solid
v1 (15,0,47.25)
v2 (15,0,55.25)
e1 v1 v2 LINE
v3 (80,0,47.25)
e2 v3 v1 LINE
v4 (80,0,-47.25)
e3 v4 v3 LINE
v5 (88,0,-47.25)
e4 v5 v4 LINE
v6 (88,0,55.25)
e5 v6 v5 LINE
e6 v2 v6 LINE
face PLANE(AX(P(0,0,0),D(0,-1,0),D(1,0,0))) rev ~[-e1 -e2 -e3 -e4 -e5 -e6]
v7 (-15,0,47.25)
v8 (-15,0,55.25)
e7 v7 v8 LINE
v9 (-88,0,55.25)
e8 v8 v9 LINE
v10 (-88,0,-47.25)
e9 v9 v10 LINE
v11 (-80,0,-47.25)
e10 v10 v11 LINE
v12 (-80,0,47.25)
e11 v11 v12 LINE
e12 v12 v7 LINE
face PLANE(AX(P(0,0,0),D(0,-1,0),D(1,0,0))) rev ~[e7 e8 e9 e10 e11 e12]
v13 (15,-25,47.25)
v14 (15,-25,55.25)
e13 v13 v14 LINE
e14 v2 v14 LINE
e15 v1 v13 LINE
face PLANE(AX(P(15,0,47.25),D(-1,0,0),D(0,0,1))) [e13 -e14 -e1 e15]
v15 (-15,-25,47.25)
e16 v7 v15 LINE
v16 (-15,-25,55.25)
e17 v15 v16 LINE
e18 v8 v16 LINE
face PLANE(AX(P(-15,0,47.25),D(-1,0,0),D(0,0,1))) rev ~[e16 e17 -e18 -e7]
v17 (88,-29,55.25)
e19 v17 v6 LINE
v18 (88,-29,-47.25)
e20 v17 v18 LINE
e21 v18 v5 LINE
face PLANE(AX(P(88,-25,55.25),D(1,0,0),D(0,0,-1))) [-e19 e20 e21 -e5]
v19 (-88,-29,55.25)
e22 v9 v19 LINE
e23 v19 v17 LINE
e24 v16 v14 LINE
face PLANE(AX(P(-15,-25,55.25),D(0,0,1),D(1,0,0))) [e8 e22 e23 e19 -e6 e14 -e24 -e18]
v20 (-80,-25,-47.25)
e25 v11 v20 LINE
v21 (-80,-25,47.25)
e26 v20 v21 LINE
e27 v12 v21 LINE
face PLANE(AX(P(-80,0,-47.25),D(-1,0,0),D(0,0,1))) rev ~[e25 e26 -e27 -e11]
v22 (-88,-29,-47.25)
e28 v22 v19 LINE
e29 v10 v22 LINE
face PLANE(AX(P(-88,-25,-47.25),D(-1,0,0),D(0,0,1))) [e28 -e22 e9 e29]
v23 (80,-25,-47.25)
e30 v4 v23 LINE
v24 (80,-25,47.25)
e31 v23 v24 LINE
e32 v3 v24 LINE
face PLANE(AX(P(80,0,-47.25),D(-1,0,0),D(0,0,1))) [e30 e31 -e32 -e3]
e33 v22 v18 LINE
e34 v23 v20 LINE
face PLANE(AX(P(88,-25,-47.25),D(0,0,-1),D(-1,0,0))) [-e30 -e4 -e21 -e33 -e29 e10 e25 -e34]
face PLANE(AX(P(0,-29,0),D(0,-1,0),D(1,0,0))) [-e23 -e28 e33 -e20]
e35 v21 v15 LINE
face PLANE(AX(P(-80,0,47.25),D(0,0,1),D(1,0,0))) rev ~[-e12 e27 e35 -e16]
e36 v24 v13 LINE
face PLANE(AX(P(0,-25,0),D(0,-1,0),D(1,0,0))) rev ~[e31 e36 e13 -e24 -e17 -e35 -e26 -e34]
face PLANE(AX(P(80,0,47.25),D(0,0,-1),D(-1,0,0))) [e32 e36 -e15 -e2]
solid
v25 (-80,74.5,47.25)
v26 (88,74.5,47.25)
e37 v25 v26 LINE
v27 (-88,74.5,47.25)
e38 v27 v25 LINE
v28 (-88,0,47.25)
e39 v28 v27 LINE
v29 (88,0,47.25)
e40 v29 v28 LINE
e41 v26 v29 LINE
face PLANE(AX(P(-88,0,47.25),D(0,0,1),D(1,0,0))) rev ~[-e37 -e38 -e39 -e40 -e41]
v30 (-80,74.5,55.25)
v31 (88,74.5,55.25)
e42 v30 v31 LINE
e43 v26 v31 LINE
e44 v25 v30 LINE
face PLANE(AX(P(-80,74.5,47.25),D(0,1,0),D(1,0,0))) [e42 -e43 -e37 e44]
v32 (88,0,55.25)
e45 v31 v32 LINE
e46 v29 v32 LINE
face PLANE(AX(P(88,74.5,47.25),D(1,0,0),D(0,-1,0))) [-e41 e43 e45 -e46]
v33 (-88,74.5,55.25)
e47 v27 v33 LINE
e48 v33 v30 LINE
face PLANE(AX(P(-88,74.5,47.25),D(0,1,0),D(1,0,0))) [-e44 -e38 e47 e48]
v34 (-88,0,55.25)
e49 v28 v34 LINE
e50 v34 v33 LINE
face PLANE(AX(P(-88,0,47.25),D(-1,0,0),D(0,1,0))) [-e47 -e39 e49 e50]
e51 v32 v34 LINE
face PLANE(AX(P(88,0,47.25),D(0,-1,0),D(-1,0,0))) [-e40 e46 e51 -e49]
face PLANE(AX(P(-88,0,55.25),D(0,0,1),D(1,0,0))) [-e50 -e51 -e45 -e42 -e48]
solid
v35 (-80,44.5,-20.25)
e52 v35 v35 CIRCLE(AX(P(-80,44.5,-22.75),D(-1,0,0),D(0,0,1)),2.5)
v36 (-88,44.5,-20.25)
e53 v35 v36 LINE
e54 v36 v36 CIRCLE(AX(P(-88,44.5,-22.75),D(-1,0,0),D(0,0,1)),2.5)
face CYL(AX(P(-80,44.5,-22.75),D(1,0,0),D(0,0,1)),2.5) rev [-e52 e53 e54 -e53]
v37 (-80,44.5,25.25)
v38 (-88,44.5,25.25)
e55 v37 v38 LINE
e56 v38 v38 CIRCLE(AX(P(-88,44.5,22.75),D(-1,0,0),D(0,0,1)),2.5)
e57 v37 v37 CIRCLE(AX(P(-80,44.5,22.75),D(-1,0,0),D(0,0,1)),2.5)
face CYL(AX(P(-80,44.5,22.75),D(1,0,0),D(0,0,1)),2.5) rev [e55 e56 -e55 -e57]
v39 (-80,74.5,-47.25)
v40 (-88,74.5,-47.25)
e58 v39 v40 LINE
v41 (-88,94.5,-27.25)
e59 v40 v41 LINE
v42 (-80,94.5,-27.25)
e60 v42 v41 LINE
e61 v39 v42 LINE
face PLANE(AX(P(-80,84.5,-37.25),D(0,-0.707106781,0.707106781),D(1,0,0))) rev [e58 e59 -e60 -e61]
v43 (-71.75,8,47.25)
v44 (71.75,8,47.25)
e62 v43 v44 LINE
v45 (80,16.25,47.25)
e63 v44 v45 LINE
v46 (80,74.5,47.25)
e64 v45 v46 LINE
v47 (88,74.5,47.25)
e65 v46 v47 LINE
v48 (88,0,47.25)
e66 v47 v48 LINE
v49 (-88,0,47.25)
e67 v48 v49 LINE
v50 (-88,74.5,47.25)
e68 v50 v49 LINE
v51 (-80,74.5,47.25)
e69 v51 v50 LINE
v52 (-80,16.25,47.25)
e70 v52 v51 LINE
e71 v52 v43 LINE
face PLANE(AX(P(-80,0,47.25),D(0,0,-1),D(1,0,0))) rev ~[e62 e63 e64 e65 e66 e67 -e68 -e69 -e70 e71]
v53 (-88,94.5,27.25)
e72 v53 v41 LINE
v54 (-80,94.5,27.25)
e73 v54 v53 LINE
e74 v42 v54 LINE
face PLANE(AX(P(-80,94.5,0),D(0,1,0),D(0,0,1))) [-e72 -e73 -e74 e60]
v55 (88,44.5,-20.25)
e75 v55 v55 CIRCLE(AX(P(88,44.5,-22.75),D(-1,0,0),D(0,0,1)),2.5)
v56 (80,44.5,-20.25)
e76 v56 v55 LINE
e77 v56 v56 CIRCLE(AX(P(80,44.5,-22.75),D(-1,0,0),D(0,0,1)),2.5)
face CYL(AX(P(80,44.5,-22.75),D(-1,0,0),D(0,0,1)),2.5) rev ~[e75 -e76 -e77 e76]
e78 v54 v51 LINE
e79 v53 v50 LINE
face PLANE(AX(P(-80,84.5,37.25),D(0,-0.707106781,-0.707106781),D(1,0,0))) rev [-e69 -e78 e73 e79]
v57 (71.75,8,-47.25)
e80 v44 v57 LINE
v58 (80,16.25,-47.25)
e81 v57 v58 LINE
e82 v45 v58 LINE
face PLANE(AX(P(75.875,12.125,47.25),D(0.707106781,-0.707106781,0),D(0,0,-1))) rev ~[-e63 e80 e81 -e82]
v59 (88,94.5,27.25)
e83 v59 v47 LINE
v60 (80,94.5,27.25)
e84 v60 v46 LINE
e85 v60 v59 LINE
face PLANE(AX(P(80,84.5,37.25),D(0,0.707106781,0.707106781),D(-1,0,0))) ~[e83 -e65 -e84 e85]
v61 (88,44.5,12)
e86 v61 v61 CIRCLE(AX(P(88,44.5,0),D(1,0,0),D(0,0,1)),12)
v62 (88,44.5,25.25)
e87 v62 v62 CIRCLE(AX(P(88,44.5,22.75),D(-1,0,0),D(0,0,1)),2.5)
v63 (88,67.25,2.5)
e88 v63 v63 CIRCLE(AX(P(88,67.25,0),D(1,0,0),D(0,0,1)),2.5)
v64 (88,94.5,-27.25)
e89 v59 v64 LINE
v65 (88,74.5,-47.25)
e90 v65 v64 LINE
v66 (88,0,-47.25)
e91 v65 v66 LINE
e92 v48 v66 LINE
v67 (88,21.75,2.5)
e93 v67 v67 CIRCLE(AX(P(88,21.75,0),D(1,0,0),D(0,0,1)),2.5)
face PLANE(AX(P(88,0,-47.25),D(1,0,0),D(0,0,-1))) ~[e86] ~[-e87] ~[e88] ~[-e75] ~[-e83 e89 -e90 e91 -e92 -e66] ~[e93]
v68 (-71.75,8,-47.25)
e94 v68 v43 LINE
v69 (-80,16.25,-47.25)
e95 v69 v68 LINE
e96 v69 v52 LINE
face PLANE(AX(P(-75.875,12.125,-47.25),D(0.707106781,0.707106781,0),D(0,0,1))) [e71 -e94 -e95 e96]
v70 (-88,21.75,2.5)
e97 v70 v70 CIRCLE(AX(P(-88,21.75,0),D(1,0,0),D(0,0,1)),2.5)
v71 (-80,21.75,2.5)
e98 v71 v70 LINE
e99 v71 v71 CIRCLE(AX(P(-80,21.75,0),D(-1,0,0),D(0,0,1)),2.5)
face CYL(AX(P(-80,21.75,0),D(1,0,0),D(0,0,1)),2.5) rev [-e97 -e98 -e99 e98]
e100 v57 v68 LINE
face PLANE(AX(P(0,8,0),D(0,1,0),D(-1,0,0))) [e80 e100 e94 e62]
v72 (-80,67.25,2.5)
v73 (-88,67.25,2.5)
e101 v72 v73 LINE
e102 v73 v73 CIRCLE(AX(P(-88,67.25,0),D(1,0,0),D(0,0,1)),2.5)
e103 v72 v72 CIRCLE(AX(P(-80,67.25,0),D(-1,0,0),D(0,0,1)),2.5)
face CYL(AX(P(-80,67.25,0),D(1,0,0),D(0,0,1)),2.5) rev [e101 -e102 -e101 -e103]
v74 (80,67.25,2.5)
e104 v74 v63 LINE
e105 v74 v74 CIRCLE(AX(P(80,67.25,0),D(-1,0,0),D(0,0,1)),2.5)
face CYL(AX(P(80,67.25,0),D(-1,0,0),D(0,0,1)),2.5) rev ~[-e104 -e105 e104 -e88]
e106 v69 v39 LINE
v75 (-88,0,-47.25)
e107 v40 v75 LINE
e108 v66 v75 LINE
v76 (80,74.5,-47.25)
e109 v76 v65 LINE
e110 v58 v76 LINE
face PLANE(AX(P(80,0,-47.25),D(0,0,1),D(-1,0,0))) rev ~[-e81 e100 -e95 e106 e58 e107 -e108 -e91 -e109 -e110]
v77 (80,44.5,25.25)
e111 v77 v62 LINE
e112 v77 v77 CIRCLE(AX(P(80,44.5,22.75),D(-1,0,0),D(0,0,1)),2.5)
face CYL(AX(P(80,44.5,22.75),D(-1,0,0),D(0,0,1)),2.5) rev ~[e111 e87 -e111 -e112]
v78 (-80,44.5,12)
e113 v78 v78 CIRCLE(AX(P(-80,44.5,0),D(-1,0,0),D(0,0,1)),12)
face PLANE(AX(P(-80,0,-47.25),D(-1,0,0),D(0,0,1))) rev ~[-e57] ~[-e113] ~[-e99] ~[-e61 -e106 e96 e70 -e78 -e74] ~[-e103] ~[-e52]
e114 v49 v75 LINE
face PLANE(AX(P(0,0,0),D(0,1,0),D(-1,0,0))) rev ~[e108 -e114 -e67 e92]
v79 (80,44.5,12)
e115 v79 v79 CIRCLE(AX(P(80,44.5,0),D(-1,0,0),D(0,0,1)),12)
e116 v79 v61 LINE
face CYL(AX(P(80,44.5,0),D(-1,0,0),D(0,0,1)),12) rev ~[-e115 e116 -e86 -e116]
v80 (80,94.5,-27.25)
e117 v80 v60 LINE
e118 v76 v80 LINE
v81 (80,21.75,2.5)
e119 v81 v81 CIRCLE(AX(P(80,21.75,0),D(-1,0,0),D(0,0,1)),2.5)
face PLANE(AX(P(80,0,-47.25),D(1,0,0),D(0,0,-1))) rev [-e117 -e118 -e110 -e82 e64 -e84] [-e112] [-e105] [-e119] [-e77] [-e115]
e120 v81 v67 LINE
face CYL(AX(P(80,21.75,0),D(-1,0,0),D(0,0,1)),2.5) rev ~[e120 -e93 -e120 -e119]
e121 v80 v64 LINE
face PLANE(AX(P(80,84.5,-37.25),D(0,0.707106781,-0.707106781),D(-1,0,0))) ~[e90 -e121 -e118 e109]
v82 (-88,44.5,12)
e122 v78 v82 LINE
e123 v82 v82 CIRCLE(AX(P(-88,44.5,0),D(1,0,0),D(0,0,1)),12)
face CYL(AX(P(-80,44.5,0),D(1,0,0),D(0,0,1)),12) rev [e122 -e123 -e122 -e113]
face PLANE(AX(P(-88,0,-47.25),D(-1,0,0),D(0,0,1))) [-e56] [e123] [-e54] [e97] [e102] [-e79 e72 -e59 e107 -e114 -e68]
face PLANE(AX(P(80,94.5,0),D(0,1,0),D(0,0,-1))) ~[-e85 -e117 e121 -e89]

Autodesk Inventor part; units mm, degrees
ref_plane "YZ Plane" through (0, 0, 0) normal (1, 0, 0) x (0, 1, 0)
ref_plane "XZ Plane" through (0, 0, 0) normal (0, 1, 0) x (-1, 0, 0)
ref_plane "XY Plane" through (0, 0, 0) normal (0, 0, 1) x (1, 0, 0)
sketch "Sketch1" plane through (0, 0, 0) normal (0, 1, 0) x (-1, 0, 0)
  line L0 (80, 47.25) -> (-80, 47.25)
  line L1 (-80, 47.25) -> (-80, -47.25)
  line L2 (-80, -47.25) -> (80, -47.25)
  line L3 (80, -47.25) -> (80, 47.25)
  line L4 (80, 47.25) -> (-80, -47.25) construction
  line L5 (-80, 47.25) -> (80, -47.25) construction
  point P0 (0, 0)
  dimension "d0" = 160
  dimension "d1" = 94.5
extrude "Extrusion1" add sketch "Sketch1" along normal blind 8
sketch "Sketch2" plane through (-80, 0, -47.25) normal (-1, 0, 0) x (0, 0, 1)
  line L0 (94.5, 0) -> (0, 0)
  line L1 (0, 0) -> (0, 94.5)
  line L2 (0, 94.5) -> (94.5, 94.5)
  line L3 (94.5, 94.5) -> (94.5, 0)
  line L4 (94.5, 0) -> (0, 94.5) construction
  line L5 (0, 0) -> (94.5, 94.5) construction
  line L6 (0, 0) -> (0, 8) projected
  line L7 (94.5, 0) -> (94.5, 8) projected
  line L8 (0, 0) -> (94.5, 0) projected
  line L9 (47.25, -18.9) -> (47.25, 113.4) projected
  line L10 (0, 8) -> (94.5, 8) projected
  circle A0 centre (47.25, 67.25) radius 2.5
  circle A1 centre (24.5, 44.5) radius 2.5
  circle A2 centre (47.25, 21.75) radius 2.5
  circle A3 centre (70, 44.5) radius 2.5
  circle A4 centre (47.25, 44.5) radius 12
  point P0 (47.25, 0)
  point P1 (47.25, 47.25)
  dimension "d4" = 94.5
  dimension "d7" = 36.5
  dimension "d10" = 360
  dimension "d12" = 5
  dimension "d13" = 22.75
  dimension "d14" = 24
extrude "Extrusion2" add sketch "Sketch2" along normal blind 8 contours L0 L9 L10 L3 | L0 L1 L10 L9 | L10 L9 A2 A4 A0 L2 L3 | L10 L1 L2 L9 A0 A4 A2
mirror "Mirror2" about plane through (0, 0, 0) normal (1, 0, 0) of "Extrusion2"
chamfer "Chamfer1" distance 20 angle 45 4 edges at (84, 94.5, 47.25) (84, 94.5, -47.25) (-84, 94.5, 47.25) (-84, 94.5, -47.25)
chamfer "Chamfer2" distance 8.25 angle 45 2 edges at (80, 8, 0) (-80, 8, 0)
sketch "Sketch4" plane through (-88, 0, 47.25) normal (0, 0, 1) x (1, 0, 0)
  line L0 (0, 74.5) -> (176, 74.5)
  line L1 (176, 74.5) -> (176, 0)
  line L2 (176, 0) -> (0, 0)
  line L3 (0, 0) -> (0, 74.5)
  line L4 (0, 74.5) -> (176, 0) construction
  line L5 (176, 74.5) -> (0, 0) construction
  line L6 (176, 0) -> (176, 74.5) projected
  line L7 (0, 0) -> (0, 74.5) projected
  line L8 (0, 0) -> (176, 0) projected
  line L9 (0, 74.5) -> (8, 74.5) projected
  point P0 (88, 0)
  point P1 (88, 37.25)
extrude "Extrusion3" add sketch "Sketch4" along normal blind 8 separate body
sketch "Sketch5" plane through (0, 0, 0) normal (0, -1, 0) x (1, 0, 0)
  line L0 (88, -47.25) -> (80, -47.25)
  line L1 (80, -47.25) -> (80, 47.25)
  line L2 (80, 47.25) -> (15, 47.25)
  line L3 (15, 47.25) -> (15, 55.25)
  line L4 (15, 55.25) -> (88, 55.25)
  line L5 (88, 55.25) -> (88, -47.25)
  line L6 (0, -67.75) -> (0, 75.75) projected
  line L7 (-88, -47.25) -> (-80, -47.25)
  line L8 (-80, -47.25) -> (-80, 47.25)
  line L9 (-80, 47.25) -> (-15, 47.25)
  line L10 (-15, 47.25) -> (-15, 55.25)
  line L11 (-15, 55.25) -> (-88, 55.25)
  line L12 (-88, 55.25) -> (-88, -47.25)
  line L13 (-88, -47.25) -> (-88, 55.25) projected
  line L14 (-88, 55.25) -> (88, 55.25) projected
  line L15 (-88, -47.25) -> (88, -47.25) projected
  point P0 (0, 0)
  dimension "d23" = 8
  dimension "d24" = 8
  dimension "d25" = 30
extrude "Extrusion4" add sketch "Sketch5" along normal blind 25 separate body contours L0 L1 L2 L3 L4 L5 | L7 L12 L11 L10 L9 L8
sketch "Sketch6" plane through (0, -25, 0) normal (0, -1, 0) x (1, 0, 0)
  line L0 (-15, 55.25) -> (-88, 55.25) projected
  line L1 (88, -47.25) -> (-88, -47.25)
  line L2 (-88, -47.25) -> (-88, 55.25)
  line L3 (-88, 55.25) -> (88, 55.25)
  line L4 (88, 55.25) -> (88, -47.25)
  line L5 (88, -47.25) -> (-88, 55.25) construction
  line L6 (-88, -47.25) -> (88, 55.25) construction
  line L7 (88, -47.25) -> (88, 55.25) projected
  line L8 (80, -47.25) -> (88, -47.25) projected
  point P0 (0, 0)
  point P1 (0, 4)
extrude "Extrusion5" add sketch "Sketch6" along normal blind 4 bodies 3
equation "\"d0\" = 2.5 * WO_BLDC"
equation "\"d1\" = 1.5 * DO_BLDC"
equation "\"d2\" = W_Wall"
equation "\"d4\" = 1.5 * DO_BLDC"
equation "\"d13\" = 0.5 * D_Hole_BLDC"
equation "\"d14\" = 3 * D_Shaft_BLDC"
equation "\"d5\" = W_Wall"
equation "\"d21\" = W_Wall"
equation "\"d23\" = W_Wall"
equation "\"d24\" = d23"
equation "\"d28\" = 0.5 * W_Wall"
equation "\"DO_BLDC\" = 63"
equation "\"WO_BLDC\" = 64"
equation "\"D_Shaft_BLDC\" = 8"
equation "\"D_Hole_BLDC\" = 45.5"
equation "\"W_Wall\" = 8"
equation "\"W_WheelOuter\" = 25"
equation "\"T_WheelToShaft\" = 0.3"
properties part number "Platform"
